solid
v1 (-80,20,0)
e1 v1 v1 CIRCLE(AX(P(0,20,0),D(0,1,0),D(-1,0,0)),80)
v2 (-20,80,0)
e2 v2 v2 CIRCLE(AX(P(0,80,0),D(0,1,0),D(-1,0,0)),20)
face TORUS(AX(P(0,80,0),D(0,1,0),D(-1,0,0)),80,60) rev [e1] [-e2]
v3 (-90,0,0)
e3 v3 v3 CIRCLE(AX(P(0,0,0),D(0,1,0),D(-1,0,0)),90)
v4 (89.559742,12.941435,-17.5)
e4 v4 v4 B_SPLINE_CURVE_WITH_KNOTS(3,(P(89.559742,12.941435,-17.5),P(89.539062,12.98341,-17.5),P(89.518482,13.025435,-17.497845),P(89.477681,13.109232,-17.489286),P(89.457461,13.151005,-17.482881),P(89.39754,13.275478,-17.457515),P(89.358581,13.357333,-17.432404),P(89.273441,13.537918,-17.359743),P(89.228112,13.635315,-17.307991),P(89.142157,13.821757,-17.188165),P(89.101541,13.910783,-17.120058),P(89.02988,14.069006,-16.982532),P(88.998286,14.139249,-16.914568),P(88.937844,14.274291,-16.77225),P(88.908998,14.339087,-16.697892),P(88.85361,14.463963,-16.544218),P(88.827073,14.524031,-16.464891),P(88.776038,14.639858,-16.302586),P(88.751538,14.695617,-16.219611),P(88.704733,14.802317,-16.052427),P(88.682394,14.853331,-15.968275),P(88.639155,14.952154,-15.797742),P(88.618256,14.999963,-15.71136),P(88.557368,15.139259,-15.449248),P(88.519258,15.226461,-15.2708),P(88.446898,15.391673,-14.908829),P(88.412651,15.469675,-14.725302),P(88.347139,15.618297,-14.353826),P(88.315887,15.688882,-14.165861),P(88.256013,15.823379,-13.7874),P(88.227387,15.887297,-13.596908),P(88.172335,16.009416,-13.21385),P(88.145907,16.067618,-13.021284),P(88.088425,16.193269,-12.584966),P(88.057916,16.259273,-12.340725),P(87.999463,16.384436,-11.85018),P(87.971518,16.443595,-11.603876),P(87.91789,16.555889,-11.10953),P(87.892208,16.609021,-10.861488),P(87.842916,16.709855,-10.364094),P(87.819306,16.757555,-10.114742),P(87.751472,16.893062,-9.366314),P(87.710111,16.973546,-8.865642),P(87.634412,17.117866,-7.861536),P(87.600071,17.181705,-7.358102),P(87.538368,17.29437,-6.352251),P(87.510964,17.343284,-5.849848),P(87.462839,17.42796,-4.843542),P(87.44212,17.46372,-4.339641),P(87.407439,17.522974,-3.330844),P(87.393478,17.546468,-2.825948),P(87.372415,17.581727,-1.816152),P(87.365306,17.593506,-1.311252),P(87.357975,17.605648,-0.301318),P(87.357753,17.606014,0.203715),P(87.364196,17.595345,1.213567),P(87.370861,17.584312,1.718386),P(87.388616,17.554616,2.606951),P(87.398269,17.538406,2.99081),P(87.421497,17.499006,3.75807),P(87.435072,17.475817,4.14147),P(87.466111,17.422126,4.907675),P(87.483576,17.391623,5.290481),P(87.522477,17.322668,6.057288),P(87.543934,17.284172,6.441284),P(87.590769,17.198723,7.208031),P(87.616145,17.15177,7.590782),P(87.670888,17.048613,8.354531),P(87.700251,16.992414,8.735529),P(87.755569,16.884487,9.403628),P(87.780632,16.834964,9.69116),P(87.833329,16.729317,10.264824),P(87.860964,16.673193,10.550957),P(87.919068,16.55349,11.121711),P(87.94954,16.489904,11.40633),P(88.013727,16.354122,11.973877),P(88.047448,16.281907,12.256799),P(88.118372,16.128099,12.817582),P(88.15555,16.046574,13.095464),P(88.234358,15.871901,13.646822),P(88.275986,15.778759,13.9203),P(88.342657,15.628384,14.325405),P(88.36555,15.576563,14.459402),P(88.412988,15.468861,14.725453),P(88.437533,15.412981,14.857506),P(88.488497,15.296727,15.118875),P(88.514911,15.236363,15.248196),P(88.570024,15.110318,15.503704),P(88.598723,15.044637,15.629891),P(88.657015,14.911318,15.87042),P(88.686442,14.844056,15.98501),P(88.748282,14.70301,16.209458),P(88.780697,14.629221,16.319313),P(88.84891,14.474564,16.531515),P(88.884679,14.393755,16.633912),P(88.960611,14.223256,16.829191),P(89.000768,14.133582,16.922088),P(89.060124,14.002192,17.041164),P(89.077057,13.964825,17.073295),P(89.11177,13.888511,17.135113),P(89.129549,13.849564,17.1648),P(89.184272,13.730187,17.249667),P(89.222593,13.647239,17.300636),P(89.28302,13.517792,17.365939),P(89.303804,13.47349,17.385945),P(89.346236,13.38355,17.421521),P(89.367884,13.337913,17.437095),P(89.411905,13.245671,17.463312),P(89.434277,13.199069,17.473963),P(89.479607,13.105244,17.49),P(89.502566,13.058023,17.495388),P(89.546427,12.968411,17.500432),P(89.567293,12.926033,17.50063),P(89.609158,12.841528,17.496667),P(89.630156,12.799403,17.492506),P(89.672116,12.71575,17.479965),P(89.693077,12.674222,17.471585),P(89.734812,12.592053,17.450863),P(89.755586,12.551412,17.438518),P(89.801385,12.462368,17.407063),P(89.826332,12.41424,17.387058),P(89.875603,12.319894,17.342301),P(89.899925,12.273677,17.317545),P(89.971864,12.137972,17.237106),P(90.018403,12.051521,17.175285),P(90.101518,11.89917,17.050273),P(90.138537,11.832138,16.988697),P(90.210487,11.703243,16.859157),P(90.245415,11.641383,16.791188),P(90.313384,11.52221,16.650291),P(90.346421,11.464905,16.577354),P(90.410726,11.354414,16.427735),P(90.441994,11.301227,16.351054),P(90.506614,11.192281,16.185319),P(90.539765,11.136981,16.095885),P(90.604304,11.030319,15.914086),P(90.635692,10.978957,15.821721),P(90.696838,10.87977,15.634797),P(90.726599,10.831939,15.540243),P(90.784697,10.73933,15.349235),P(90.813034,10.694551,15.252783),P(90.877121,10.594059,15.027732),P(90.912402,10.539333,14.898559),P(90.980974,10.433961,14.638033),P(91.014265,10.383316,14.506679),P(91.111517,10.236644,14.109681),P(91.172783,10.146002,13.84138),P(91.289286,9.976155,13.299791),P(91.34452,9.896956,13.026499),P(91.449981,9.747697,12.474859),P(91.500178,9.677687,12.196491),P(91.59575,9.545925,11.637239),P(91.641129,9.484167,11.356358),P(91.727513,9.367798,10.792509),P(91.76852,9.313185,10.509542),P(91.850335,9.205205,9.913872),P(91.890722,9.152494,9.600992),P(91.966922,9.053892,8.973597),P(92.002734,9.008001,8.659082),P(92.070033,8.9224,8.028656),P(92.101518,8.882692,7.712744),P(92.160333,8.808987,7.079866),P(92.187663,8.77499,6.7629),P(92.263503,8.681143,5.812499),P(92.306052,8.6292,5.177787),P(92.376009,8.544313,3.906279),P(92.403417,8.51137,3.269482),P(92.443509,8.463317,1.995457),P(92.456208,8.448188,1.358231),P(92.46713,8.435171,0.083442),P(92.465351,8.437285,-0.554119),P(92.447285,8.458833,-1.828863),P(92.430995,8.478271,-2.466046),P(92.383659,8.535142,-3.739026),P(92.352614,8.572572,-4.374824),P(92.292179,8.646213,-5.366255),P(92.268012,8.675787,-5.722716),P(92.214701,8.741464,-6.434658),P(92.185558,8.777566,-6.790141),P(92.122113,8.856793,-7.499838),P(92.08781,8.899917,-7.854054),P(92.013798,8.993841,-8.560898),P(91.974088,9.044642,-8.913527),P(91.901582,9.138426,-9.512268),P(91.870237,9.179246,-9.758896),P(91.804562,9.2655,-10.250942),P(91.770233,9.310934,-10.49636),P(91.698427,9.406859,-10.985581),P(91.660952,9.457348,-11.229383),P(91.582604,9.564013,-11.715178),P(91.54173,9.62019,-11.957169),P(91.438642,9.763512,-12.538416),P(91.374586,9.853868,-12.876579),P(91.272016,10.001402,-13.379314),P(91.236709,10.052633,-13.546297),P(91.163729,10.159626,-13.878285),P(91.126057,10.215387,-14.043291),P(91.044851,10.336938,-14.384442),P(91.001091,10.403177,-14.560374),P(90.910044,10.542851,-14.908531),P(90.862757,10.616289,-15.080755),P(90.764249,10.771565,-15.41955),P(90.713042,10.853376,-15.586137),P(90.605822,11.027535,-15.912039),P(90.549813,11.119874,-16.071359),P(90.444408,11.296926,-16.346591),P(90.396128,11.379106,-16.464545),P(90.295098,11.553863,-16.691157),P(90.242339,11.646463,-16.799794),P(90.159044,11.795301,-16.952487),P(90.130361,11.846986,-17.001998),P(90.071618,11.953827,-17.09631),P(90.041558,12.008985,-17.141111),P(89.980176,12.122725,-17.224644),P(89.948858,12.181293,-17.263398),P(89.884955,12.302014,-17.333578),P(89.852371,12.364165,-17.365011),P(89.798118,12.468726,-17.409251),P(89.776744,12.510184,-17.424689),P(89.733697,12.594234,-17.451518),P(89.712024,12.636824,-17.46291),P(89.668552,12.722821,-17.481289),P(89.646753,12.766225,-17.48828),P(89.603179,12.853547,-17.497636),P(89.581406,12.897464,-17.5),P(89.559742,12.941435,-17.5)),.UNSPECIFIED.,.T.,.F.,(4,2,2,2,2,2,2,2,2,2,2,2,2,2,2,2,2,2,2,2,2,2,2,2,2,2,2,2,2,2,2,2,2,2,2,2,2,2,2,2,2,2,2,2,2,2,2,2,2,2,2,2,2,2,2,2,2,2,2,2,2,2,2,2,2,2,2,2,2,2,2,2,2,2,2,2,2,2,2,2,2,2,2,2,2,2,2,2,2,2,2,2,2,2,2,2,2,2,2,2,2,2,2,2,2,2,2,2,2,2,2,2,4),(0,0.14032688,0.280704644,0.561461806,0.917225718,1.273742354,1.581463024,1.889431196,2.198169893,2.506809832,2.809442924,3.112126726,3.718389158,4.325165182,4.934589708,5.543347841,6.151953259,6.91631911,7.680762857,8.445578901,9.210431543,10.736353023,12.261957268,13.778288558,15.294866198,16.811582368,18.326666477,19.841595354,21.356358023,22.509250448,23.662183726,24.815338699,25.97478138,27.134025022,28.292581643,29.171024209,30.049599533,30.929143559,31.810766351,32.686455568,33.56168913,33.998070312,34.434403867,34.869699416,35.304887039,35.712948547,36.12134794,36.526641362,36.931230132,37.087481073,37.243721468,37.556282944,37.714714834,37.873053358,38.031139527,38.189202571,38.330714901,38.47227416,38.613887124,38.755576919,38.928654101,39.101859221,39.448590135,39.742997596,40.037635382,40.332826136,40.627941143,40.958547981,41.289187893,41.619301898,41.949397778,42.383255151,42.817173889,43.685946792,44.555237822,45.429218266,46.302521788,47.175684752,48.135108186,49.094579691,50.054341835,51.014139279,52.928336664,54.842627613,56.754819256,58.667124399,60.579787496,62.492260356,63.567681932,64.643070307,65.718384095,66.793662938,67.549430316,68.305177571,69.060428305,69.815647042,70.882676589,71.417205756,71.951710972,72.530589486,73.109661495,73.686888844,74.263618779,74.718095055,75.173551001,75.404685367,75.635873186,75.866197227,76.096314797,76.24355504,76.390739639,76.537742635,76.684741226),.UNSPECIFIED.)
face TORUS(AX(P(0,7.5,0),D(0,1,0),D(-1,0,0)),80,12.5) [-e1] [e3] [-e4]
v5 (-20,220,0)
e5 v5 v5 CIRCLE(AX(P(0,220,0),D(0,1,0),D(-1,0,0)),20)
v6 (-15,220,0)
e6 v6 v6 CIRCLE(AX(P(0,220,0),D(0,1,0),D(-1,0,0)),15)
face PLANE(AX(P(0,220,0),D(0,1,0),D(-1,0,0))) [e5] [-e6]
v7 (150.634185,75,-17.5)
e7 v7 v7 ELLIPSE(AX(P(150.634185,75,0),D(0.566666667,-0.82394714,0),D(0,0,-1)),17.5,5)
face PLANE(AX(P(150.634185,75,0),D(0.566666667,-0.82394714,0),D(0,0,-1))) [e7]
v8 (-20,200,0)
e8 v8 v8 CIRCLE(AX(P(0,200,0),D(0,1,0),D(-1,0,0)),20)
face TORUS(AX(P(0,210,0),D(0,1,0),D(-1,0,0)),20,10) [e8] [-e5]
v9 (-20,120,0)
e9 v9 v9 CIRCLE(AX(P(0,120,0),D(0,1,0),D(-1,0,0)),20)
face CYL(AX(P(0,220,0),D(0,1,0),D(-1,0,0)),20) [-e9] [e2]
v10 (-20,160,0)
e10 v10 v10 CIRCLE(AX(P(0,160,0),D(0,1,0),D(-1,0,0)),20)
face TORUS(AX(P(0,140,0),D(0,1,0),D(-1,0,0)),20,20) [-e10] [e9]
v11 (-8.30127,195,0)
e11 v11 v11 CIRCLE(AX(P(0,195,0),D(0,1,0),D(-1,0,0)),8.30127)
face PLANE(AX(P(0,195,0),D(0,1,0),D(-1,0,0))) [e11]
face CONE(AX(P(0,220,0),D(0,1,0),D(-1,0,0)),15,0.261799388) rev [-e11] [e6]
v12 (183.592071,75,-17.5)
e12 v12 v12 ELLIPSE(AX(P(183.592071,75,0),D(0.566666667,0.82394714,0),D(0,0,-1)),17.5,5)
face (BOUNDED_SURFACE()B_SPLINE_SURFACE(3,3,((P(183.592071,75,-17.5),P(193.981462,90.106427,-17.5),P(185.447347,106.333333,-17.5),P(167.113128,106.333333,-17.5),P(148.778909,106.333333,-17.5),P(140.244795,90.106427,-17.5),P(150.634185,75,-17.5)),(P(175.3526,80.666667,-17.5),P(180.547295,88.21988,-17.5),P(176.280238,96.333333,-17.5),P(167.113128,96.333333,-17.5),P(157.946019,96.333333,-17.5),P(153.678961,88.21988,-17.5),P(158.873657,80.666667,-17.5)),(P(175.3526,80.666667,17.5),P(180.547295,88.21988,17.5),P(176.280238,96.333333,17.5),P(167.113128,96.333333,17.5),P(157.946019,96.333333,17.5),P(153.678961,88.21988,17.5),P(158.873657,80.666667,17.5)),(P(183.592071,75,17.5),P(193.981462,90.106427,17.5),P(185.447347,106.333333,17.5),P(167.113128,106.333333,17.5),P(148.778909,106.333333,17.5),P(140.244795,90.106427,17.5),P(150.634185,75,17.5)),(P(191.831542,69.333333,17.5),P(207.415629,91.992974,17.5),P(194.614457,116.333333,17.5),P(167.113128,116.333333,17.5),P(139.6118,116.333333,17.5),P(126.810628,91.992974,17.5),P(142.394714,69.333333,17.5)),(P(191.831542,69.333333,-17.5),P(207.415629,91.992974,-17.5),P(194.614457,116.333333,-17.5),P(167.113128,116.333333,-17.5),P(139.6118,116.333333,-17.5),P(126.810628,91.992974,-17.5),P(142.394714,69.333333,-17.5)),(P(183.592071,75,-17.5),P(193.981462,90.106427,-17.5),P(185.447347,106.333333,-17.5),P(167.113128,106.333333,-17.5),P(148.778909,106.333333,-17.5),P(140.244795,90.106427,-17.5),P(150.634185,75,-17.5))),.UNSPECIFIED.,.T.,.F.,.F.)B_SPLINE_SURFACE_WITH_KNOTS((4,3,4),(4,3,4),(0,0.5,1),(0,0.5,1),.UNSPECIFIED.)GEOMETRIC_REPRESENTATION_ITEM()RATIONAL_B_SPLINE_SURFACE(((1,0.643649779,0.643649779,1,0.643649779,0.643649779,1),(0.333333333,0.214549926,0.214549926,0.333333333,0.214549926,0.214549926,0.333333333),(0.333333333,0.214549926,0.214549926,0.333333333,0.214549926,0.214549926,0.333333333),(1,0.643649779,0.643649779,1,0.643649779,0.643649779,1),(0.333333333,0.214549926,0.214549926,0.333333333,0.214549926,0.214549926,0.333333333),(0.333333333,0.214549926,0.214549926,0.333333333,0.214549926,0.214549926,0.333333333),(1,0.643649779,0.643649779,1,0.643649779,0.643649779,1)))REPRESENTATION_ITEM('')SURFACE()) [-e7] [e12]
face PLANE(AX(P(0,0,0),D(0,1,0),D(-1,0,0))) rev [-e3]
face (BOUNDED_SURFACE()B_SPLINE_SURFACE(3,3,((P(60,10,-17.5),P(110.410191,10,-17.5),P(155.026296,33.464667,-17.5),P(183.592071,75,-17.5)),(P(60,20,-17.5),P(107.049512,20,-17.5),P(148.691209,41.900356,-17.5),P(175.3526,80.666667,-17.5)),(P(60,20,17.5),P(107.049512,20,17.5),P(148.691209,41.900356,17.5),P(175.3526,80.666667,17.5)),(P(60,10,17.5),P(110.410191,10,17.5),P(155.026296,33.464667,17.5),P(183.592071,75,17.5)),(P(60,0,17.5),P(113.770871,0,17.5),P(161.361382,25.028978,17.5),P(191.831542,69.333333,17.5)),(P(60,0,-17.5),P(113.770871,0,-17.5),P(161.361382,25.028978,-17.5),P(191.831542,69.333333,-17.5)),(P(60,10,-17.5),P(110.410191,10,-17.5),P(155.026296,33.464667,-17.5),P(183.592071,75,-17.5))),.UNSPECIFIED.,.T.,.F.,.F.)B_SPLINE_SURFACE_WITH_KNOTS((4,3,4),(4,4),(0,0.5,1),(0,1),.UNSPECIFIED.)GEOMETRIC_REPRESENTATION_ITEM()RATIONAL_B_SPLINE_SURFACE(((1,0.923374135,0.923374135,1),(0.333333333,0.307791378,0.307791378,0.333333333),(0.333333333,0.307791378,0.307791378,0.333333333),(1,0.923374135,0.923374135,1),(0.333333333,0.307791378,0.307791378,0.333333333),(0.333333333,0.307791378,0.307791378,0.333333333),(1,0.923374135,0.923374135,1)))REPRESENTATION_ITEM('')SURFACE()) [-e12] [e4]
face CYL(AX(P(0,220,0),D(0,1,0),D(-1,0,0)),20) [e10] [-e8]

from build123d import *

# Parameters (mm, degrees)
SKETCH_4_RX         = 17.5
SKETCH_4_RY         = 5
SKETCH_6_R          = 15
CUT_EXTRUDE_1_DEPTH = 25
CUT_EXTRUDE_1_DRAFT = -15


with BuildPart() as part:
    # 草图1 → 旋转3 (revolve)
    with BuildSketch(Plane.XY, mode=Mode.PRIVATE) as revolve_3_sk:
        with BuildLine():
            ThreePointArc((80, 20), (91.180339887, 13.090169944), (90, 0))
            Line((90, 0), (0, 0))
            Line((0, 0), (0, 220))
            Line((0, 220), (20, 220))
            ThreePointArc((20, 220), (30, 210), (20, 200))
            Line((20, 200), (20, 160))
            ThreePointArc((20, 160), (40, 140), (20, 120))
            Line((20, 120), (20, 80))
            ThreePointArc((20, 80), (37.573593129, 37.573593129), (80, 20))
        make_face()
    revolve(revolve_3_sk.sketch.rotate(Axis((0, 220, 0), (0, -1, 0)), 180), axis=Axis((0, 220, 0), (0, -1, 0)))

    # 扫描1: sweep along a path in 草图2
    with BuildLine(Plane.XY) as sweep_1_path:
        Line((0, 10), (60, 10))
        ThreePointArc((60, 10), (129.821200219, 27.240819526), (183.592070943, 75))
        ThreePointArc((183.592070943, 75), (167.113128151, 106.333333333), (150.634185358, 75))
    # 草图4 → 扫描1 (sweep)
    with BuildSketch(Plane(origin=(0, 0, 0), x_dir=(0, 0, -1), z_dir=(1, 0, 0))):
        with Locations((0, 10)):
            Ellipse(SKETCH_4_RX, SKETCH_4_RY)
    sweep(path=sweep_1_path.line)


with BuildPart() as cut_extrude_1_tool:
    # 草图6 → 切除-拉伸1 (with draft: the straight prism first)
    with BuildSketch(Plane(origin=(0, 220, 0), x_dir=(1, 0, 0), z_dir=(0, 1, 0))):
        Circle(SKETCH_6_R)
    extrude(amount=-CUT_EXTRUDE_1_DEPTH)
    # 切除-拉伸1: the draft: its side faces are tilted about the plane it starts from
    cut_extrude_1_sides = [cut_extrude_1_tool.faces().sort_by_distance(p)[0] for p in [
        (-15, 207.5, 0),
    ]]
    draft(cut_extrude_1_sides, Plane(origin=(0, 220, 0), x_dir=(1, 0, 0), z_dir=(0, 1, 0)), CUT_EXTRUDE_1_DRAFT)


with BuildPart() as part_1:
    add(part.part)

    # 切除-拉伸1: cut by cut_extrude_1_tool
    add(cut_extrude_1_tool.part, mode=Mode.SUBTRACT)


solid = part_1.part
